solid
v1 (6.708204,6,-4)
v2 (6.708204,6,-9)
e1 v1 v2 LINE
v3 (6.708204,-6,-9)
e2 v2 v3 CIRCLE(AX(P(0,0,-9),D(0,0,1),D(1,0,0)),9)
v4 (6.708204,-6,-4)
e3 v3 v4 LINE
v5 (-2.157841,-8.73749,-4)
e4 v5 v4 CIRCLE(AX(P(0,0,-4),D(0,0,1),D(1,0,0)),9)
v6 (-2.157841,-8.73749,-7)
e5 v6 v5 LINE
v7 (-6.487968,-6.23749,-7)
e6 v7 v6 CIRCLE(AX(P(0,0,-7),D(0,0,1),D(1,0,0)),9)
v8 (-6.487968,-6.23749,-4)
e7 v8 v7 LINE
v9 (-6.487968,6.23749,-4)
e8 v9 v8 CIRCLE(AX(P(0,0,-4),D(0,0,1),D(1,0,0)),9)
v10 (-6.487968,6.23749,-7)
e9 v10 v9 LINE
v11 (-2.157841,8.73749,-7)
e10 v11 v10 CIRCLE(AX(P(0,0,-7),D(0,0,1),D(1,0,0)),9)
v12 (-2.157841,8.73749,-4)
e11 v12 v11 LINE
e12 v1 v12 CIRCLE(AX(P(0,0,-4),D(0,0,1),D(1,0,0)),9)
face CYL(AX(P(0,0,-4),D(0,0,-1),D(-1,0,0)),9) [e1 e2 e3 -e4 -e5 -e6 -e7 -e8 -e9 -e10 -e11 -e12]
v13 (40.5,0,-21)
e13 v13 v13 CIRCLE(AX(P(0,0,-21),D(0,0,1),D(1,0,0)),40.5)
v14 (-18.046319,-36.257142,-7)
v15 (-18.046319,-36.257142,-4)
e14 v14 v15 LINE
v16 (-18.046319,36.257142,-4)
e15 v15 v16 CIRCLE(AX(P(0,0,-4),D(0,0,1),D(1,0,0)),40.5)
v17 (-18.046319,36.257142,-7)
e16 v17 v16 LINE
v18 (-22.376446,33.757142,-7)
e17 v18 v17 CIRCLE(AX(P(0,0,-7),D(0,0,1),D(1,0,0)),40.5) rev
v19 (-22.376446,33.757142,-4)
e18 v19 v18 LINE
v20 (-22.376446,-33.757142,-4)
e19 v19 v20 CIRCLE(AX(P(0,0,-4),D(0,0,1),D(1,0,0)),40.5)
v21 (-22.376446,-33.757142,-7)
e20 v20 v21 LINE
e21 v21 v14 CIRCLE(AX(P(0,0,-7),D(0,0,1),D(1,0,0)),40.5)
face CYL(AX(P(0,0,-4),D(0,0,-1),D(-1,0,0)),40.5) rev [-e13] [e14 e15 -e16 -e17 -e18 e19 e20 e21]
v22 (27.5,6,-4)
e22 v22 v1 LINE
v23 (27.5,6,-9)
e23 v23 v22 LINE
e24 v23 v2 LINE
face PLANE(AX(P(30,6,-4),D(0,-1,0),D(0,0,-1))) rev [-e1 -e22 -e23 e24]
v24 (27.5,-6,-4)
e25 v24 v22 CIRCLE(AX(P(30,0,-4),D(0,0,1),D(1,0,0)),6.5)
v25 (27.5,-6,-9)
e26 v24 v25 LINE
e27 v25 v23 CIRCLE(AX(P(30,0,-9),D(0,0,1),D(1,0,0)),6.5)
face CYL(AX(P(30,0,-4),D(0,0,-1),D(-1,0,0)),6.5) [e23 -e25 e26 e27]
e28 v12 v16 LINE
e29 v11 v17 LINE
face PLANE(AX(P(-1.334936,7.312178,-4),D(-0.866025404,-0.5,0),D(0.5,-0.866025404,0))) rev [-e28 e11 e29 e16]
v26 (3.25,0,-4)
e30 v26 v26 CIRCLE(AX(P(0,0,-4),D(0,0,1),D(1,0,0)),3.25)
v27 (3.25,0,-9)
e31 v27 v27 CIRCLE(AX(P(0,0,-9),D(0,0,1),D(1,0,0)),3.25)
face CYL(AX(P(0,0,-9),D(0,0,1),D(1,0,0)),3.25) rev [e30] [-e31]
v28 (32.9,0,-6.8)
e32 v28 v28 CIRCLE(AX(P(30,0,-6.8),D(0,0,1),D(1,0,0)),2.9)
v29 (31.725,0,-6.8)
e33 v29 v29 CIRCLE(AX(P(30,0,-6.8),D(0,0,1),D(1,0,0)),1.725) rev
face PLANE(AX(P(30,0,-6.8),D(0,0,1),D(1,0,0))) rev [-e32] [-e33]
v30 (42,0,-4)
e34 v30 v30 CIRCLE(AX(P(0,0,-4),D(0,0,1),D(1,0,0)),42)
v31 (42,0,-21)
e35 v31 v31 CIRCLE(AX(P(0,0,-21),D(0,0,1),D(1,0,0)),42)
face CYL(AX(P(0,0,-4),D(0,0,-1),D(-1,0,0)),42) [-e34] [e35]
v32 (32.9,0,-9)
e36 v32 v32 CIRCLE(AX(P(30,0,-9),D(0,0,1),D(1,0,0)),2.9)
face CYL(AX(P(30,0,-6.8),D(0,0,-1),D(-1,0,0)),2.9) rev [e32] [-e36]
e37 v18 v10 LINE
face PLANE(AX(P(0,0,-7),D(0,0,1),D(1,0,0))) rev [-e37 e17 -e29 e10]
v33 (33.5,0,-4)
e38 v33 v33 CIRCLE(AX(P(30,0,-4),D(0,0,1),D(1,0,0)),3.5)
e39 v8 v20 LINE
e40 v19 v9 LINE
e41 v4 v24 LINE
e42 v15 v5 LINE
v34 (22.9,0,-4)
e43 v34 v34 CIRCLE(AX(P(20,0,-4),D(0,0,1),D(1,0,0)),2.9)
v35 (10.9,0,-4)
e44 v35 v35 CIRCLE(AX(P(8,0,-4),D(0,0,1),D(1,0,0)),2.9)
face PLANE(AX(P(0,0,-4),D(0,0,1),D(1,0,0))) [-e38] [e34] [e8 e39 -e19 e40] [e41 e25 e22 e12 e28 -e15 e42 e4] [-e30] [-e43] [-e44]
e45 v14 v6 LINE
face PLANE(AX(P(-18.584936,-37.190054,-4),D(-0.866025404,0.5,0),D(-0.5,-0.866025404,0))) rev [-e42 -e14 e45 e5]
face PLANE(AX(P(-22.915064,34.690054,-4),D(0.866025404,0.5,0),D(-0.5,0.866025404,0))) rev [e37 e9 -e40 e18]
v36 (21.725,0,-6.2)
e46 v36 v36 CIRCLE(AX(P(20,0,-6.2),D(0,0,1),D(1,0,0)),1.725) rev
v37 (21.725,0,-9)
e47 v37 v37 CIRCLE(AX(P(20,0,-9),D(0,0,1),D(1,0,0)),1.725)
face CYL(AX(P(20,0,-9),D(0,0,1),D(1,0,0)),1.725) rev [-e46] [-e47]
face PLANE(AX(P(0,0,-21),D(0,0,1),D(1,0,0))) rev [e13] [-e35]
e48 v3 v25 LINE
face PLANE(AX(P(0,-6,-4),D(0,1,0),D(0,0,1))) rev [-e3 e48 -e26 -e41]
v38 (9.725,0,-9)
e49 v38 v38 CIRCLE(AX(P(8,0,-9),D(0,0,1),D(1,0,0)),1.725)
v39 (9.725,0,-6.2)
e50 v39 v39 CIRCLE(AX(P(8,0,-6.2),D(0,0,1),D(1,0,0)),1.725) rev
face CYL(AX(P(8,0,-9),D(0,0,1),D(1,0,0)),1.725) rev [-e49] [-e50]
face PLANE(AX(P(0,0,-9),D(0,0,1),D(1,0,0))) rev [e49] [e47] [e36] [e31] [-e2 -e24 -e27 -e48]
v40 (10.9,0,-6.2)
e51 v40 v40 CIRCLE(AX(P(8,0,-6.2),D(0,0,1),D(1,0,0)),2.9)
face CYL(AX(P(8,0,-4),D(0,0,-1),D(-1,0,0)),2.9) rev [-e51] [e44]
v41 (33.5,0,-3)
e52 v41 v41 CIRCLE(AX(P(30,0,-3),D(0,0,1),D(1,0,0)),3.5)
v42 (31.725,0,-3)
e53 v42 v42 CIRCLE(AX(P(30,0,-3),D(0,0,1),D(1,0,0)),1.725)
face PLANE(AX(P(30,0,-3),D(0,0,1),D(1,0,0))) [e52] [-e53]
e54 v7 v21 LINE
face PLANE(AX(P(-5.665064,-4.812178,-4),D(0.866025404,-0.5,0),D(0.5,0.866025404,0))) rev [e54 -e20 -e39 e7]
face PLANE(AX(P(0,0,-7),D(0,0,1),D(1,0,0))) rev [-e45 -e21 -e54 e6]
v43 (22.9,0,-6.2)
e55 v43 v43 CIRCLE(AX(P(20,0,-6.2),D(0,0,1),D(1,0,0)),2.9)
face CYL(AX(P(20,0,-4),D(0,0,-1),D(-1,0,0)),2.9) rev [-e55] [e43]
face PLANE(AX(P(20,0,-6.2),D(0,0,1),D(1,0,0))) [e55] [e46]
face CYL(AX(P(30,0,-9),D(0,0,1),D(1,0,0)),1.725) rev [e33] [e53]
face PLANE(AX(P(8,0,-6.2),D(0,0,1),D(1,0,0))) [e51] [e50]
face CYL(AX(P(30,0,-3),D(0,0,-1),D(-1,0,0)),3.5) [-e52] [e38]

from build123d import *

# Parameters (mm, degrees)
BOSS_EXTRUDE1_START     = -9
SKETCH1_W               = 30
SKETCH1_H               = 12
BOSS_EXTRUDE1_DEPTH     = 5
BOSS_EXTRUDE2_START     = -9
SKETCH2_R               = 9
BOSS_EXTRUDE2_DEPTH     = 5
BOSS_EXTRUDE3_START     = -9
SKETCH3_R               = 6.5
BOSS_EXTRUDE3_DEPTH     = 5
CUT_EXTRUDE1_DEPTH      = 39.655530005
CUT_EXTRUDE1_DEPTH_BACK = 39.655530005
SKETCH4_R               = 3.25
CUT_EXTRUDE2_DEPTH      = 39.655530005
CUT_EXTRUDE2_DEPTH_BACK = 39.655530005
SKETCH5_R               = 1.725
CUT_EXTRUDE3_START      = -6.2
SKETCH6_R               = 2.9
CUT_EXTRUDE3_DEPTH      = 2.2
CUT_EXTRUDE4_START      = -6.2
SKETCH7_R               = 2.9
CUT_EXTRUDE4_DEPTH      = 2.2
CUT_EXTRUDE5_START      = -9
SKETCH8_R               = 2.9
CUT_EXTRUDE5_DEPTH      = 2.2
BOSS_EXTRUDE4_START     = -4
SKETCH9_R               = 3.5
BOSS_EXTRUDE4_DEPTH     = 1
CUT_EXTRUDE6_DEPTH      = 39.655530005
CUT_EXTRUDE6_DEPTH_BACK = 39.655530005
SKETCH10_R              = 1.725
BOSS_EXTRUDE5_START     = -21
SKETCH11_R              = 42
SKETCH11_R_2            = 40.5
BOSS_EXTRUDE5_DEPTH     = 17
BOSS_EXTRUDE6_START     = -7
BOSS_EXTRUDE6_DEPTH     = 3


with BuildPart() as part:
    # Sketch1 → Boss-Extrude1 (new body)
    with BuildSketch(Plane.XY.offset(BOSS_EXTRUDE1_START)):
        with Locations((15, 0)):
            Rectangle(SKETCH1_W, SKETCH1_H)
    extrude(amount=BOSS_EXTRUDE1_DEPTH)

    # Sketch2 → Boss-Extrude2 (add)
    with BuildSketch(Plane.XY.offset(BOSS_EXTRUDE2_START)):
        Circle(SKETCH2_R)
    extrude(amount=BOSS_EXTRUDE2_DEPTH)

    # Sketch3 → Boss-Extrude3 (add)
    with BuildSketch(Plane.XY.offset(BOSS_EXTRUDE3_START)):
        with Locations((30, 0)):
            Circle(SKETCH3_R)
    extrude(amount=BOSS_EXTRUDE3_DEPTH)

    # Sketch4 → Cut-Extrude1 (cut, two sides: drawn at the far end of the back side and taken through both)
    with BuildSketch(Plane.XY.offset(-CUT_EXTRUDE1_DEPTH_BACK)):
        Circle(SKETCH4_R)
    extrude(amount=CUT_EXTRUDE1_DEPTH + CUT_EXTRUDE1_DEPTH_BACK, mode=Mode.SUBTRACT)

    # Sketch5 → Cut-Extrude2 (cut, two sides: drawn at the far end of the back side and taken through both)
    with BuildSketch(Plane.XY.offset(-CUT_EXTRUDE2_DEPTH_BACK)):
        with Locations((8, 0)):
            Circle(SKETCH5_R)
        with Locations((20, 0)):
            Circle(SKETCH5_R)
        with Locations((30, 0)):
            Circle(SKETCH5_R)
    extrude(amount=CUT_EXTRUDE2_DEPTH + CUT_EXTRUDE2_DEPTH_BACK, mode=Mode.SUBTRACT)

    # Sketch6 → Cut-Extrude3 (cut)
    with BuildSketch(Plane.XY.offset(CUT_EXTRUDE3_START)):
        with Locations((8, 0)):
            Circle(SKETCH6_R)
    extrude(amount=CUT_EXTRUDE3_DEPTH, mode=Mode.SUBTRACT)

    # Sketch7 → Cut-Extrude4 (cut)
    with BuildSketch(Plane.XY.offset(CUT_EXTRUDE4_START)):
        with Locations((20, 0)):
            Circle(SKETCH7_R)
    extrude(amount=CUT_EXTRUDE4_DEPTH, mode=Mode.SUBTRACT)

    # Sketch8 → Cut-Extrude5 (cut)
    with BuildSketch(Plane.XY.offset(CUT_EXTRUDE5_START)):
        with Locations((30, 0)):
            Circle(SKETCH8_R)
    extrude(amount=CUT_EXTRUDE5_DEPTH, mode=Mode.SUBTRACT)

    # Sketch9 → Boss-Extrude4 (add)
    with BuildSketch(Plane.XY.offset(BOSS_EXTRUDE4_START)):
        with Locations((30, 0)):
            Circle(SKETCH9_R)
    extrude(amount=BOSS_EXTRUDE4_DEPTH)

    # Sketch10 → Cut-Extrude6 (cut, two sides: drawn at the far end of the back side and taken through both)
    with BuildSketch(Plane.XY.offset(-CUT_EXTRUDE6_DEPTH_BACK)):
        with Locations((30, 0)):
            Circle(SKETCH10_R)
    extrude(amount=CUT_EXTRUDE6_DEPTH + CUT_EXTRUDE6_DEPTH_BACK, mode=Mode.SUBTRACT)



with BuildPart() as body_2:
    # Sketch11 → Boss-Extrude5 (new body)
    with BuildSketch(Plane.XY.offset(BOSS_EXTRUDE5_START)):
        Circle(SKETCH11_R)
        Circle(SKETCH11_R_2, mode=Mode.SUBTRACT)
    extrude(amount=BOSS_EXTRUDE5_DEPTH)


with BuildPart() as part_1:
    add(part.part)

    add(body_2.part)  # Boss-Extrude6 merges body 2
    # Sketch12 → Boss-Extrude6 (add)
    with BuildSketch(Plane.XY.offset(BOSS_EXTRUDE6_START)):
        Polygon((-1.334936491, 7.312177826), (-18.584936491, 37.190054257), (-22.915063509, 34.690054257), (-5.665063509, 4.812177826), align=None)
        Polygon((-5.665063509, -4.812177826), (-22.915063509, -34.690054257), (-18.584936491, -37.190054257), (-1.334936491, -7.312177826), align=None)
    extrude(amount=BOSS_EXTRUDE6_DEPTH)


solid = part_1.part
